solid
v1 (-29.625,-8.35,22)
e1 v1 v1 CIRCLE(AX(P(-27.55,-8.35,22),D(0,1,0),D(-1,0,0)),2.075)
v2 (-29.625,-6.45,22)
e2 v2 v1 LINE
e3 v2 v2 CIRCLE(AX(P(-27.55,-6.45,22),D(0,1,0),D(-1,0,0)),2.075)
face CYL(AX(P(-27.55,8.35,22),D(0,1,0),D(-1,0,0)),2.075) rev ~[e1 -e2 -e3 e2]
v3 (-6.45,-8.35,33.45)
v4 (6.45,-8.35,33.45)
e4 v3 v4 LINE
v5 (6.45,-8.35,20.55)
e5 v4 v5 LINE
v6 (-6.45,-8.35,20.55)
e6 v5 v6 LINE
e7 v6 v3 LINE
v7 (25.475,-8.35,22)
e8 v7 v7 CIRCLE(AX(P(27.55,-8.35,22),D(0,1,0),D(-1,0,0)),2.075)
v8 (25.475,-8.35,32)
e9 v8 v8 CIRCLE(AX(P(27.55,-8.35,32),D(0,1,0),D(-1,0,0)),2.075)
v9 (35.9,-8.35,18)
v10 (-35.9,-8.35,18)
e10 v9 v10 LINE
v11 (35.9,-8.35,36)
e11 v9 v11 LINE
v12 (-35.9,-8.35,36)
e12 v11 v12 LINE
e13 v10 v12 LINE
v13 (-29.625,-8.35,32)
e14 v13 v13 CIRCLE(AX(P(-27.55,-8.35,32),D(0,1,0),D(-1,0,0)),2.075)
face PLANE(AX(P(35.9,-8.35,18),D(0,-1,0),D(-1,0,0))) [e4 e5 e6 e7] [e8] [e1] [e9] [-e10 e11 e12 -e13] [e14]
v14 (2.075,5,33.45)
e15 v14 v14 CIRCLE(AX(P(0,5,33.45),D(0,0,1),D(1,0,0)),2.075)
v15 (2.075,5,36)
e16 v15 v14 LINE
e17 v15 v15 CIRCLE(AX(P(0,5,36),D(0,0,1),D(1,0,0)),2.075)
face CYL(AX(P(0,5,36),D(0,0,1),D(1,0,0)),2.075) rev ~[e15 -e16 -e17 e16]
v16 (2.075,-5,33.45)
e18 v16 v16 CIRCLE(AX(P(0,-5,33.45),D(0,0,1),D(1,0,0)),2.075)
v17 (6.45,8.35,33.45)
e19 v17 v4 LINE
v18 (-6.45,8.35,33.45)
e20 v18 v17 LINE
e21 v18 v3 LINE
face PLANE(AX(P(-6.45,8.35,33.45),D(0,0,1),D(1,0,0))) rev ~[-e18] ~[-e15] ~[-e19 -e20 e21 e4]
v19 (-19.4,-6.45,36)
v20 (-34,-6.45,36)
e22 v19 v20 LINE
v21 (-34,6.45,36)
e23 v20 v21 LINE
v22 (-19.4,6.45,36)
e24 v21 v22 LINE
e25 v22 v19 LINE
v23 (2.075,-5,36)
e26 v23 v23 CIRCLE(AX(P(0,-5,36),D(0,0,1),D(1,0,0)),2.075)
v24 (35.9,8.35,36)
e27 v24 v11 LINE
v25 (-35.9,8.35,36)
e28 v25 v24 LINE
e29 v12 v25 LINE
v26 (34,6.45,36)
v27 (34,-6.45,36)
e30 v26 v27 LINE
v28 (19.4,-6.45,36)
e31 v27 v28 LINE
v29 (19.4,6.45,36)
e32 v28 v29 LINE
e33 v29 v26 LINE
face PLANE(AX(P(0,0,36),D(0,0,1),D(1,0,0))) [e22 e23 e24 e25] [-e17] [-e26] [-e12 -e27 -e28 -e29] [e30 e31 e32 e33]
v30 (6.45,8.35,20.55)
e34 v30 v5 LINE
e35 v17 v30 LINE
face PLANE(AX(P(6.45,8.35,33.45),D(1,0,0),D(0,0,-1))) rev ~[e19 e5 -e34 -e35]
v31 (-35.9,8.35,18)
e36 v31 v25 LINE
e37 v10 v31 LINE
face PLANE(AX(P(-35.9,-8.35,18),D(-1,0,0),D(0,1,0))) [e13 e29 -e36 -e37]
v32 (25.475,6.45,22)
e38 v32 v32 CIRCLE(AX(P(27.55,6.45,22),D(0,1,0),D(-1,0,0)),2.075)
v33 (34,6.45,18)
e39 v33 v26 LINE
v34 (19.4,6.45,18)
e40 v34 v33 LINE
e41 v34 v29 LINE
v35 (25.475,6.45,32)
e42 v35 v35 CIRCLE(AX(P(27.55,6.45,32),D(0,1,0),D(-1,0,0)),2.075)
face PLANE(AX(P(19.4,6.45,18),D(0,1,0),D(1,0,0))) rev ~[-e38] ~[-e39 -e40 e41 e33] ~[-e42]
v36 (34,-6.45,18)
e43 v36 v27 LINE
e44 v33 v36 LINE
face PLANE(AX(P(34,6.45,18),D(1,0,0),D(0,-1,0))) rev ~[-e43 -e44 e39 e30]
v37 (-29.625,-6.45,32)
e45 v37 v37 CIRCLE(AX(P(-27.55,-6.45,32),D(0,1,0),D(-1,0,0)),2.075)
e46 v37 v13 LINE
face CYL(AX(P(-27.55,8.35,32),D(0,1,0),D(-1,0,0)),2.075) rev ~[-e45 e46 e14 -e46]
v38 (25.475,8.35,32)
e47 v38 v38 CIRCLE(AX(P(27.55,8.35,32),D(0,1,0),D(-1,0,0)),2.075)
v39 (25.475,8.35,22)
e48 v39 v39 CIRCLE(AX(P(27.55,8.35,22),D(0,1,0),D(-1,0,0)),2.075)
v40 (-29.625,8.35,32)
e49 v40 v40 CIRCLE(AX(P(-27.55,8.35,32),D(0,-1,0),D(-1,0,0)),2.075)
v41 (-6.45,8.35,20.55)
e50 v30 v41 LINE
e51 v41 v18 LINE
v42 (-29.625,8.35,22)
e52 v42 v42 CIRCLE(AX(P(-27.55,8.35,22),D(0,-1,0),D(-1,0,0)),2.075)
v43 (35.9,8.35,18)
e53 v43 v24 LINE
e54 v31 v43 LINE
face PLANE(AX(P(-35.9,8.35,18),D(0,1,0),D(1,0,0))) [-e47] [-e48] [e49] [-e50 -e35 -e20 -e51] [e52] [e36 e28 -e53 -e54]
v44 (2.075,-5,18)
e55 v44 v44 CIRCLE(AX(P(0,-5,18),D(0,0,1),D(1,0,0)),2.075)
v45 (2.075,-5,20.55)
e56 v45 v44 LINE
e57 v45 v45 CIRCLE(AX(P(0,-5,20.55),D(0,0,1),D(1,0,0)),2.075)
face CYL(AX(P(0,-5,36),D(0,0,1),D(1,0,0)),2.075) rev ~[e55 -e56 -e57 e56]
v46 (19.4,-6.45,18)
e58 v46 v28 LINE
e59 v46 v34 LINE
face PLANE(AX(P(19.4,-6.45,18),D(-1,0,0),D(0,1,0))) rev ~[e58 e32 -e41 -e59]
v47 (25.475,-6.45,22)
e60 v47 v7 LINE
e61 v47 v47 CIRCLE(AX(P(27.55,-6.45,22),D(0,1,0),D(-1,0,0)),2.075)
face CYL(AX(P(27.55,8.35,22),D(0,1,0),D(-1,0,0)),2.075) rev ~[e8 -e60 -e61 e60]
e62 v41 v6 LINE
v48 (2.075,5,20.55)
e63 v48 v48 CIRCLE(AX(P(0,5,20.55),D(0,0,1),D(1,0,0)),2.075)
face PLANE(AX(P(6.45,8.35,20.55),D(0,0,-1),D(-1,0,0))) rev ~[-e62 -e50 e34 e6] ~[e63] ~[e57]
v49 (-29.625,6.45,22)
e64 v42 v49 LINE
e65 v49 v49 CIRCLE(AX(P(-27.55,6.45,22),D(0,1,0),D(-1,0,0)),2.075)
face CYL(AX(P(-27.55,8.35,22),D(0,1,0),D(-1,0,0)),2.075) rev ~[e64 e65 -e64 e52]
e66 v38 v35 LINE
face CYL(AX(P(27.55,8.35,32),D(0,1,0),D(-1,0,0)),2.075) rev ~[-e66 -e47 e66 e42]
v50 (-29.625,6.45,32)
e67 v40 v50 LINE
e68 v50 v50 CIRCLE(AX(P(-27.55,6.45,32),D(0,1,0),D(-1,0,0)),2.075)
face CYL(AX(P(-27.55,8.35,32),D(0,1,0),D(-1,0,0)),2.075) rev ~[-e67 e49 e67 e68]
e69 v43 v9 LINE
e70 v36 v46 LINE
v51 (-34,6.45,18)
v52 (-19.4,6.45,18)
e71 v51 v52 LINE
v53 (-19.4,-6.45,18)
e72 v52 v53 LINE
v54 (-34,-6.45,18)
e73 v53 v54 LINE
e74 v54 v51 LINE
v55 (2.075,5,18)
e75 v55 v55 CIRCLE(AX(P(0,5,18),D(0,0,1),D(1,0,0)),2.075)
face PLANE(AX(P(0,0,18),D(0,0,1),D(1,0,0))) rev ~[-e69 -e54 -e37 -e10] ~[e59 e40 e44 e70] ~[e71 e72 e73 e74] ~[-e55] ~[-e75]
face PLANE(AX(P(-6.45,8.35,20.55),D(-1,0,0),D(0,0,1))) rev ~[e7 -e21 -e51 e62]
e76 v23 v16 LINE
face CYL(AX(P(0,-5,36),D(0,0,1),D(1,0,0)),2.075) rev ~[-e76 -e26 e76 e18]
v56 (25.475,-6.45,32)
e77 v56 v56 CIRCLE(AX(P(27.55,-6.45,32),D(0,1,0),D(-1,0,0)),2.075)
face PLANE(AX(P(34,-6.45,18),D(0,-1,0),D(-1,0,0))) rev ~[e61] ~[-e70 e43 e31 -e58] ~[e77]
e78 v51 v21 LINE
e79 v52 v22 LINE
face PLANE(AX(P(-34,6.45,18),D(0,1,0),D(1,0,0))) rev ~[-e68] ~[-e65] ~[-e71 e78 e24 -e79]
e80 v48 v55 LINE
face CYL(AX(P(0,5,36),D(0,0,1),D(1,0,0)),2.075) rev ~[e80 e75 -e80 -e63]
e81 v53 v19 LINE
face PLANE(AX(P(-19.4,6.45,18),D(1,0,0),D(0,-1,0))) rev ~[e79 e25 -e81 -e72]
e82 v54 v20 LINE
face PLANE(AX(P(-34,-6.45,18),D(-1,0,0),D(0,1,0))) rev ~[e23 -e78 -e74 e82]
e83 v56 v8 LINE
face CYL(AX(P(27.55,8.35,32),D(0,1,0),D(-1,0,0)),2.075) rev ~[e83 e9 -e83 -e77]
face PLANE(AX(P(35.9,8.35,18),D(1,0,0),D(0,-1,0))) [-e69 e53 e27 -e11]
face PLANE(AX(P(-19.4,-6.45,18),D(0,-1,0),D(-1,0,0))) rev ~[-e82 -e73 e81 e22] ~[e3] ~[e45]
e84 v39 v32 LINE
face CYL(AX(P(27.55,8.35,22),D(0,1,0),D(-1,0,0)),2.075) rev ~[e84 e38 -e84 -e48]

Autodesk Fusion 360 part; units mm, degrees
sketch "Sketch3" plane through (0, 0, 18) normal (0, 0, 1) x (1, 0, 0)
  line L0 (-33.9, 6.35) -> (-19.5, 6.35) construction
  line L1 (-19.5, 6.35) -> (-19.5, -6.35) construction
  line L2 (-19.5, -6.35) -> (-33.9, -6.35) construction
  line L3 (-33.9, -6.35) -> (-33.9, 6.35) construction
  line L4 (19.5, 6.35) -> (33.9, 6.35) construction
  line L5 (33.9, 6.35) -> (33.9, -6.35) construction
  line L6 (33.9, -6.35) -> (19.5, -6.35) construction
  line L7 (19.5, -6.35) -> (19.5, 6.35) construction
  line L8 (-35.9, 8.35) -> (35.9, 8.35)
  line L9 (35.9, 8.35) -> (35.9, -8.35)
  line L10 (35.9, -8.35) -> (-35.9, -8.35)
  line L11 (-35.9, -8.35) -> (-35.9, 8.35)
  line L12 (-35.9, 8.35) -> (35.9, -8.35) construction
  line L13 (34, 6.45) -> (34, -6.45)
  line L14 (34, -6.45) -> (19.4, -6.45)
  line L15 (19.4, -6.45) -> (19.4, 6.45)
  line L16 (19.4, 6.45) -> (34, 6.45)
  line L17 (-19.4, -6.45) -> (-34, -6.45)
  line L18 (-34, -6.45) -> (-34, 6.45)
  line L19 (-34, 6.45) -> (-19.4, 6.45)
  line L20 (-19.4, 6.45) -> (-19.4, -6.45)
  dimension "d5" = 14.4
  dimension "d6" = 12.7
  dimension "d7" = 14.4
  dimension "d8" = 12.7
  dimension "d9" = 39
  dimension "d12" = 2
  dimension "d13" = 2
  dimension "d15" = 2
  dimension "d16" = 2
extrude "Extrude3" add sketch "Sketch3" along normal blind 18
sketch "Sketch4" plane through (0, 8.35, 0) normal (0, 1, 0) x (-1, 0, 0)
  line L0 (-35.9, 18) -> (35.9, 18)
  line L1 (35.9, 18) -> (35.9, 36)
  line L2 (35.9, 36) -> (-35.9, 36)
  line L3 (-35.9, 36) -> (-35.9, 18)
  circle A0 centre (27.55, 22) radius 2.075
  circle A1 centre (27.55, 32) radius 2.075
  line L4 (35.9, 27) -> (-35.9, 27) construction
  line L5 (34, 18) -> (34, 36)
  line L6 (34, 36) -> (34, 18)
  line L7 (19.4, 18) -> (19.4, 36)
  line L8 (19.4, 36) -> (19.4, 18)
  line L9 (34, 18) -> (19.4, 18) construction
  line L10 (34, 36) -> (19.4, 36) construction
  line L11 (27.55, 18) -> (27.55, 36)
  line L12 (0, 18) -> (0, 36) construction
  circle A2 centre (-27.55, 22) radius 2.075
  circle A3 centre (-27.55, 32) radius 2.075
  line L13 (26.7, 18) -> (26.7, 36) construction
  point P0 (27.55, 18)
  point P1 (27.55, 36)
  dimension "d19" = 4.15
  dimension "d22" = 10
  dimension "d23" = 5
  dimension "d48" = 6.45
extrude "Extrude4" cut sketch "Sketch4" against normal blind 16.7 contours A0 L11 | A0 L11 | A1 L11 | A1 L11 | A2 | A3
sketch "Sketch5" plane through (0, 8.35, 0) normal (0, 1, 0) x (-1, 0, 0)
  circle A0 centre (27.55, 32) radius 2.075
  circle A1 centre (27.55, 22) radius 2.075
  line L0 (-35.9, 18) -> (35.9, 18)
  line L1 (35.9, 18) -> (35.9, 36)
  line L2 (35.9, 36) -> (-35.9, 36)
  line L3 (-35.9, 36) -> (-35.9, 18)
  line L4 (35.9, 27) -> (-35.9, 27) construction
  line L5 (0, 18) -> (0, 36) construction
  line L6 (-6.35, 20.65) -> (6.35, 20.65) construction
  line L7 (6.35, 20.65) -> (6.35, 33.35) construction
  line L8 (6.35, 33.35) -> (-6.35, 33.35) construction
  line L9 (-6.35, 33.35) -> (-6.35, 20.65) construction
  line L10 (-6.35, 20.65) -> (6.35, 33.35) construction
  line L11 (6.35, 20.65) -> (-6.35, 33.35) construction
  circle A2 centre (-27.55, 22) radius 2.075
  circle A3 centre (-27.55, 32) radius 2.075
  line L12 (-6.45, 33.45) -> (-6.45, 20.55)
  line L13 (-6.45, 20.55) -> (6.45, 20.55)
  line L14 (6.45, 20.55) -> (6.45, 33.45)
  line L15 (6.45, 33.45) -> (-6.45, 33.45)
  point P0 (0, 27)
  dimension "d27" = 12.7
  dimension "d28" = 12.7
  dimension "d40" = 0.1
extrude "Extrude5" cut sketch "Sketch5" against normal blind 16.7 contours L12 L13 L14 L15
sketch "Sketch6" plane through (0, 0, 36) normal (0, 0, 1) x (1, 0, 0)
  line L0 (-35.9, -8.35) -> (35.9, -8.35)
  line L1 (35.9, -8.35) -> (35.9, 8.35)
  line L2 (35.9, 8.35) -> (-35.9, 8.35)
  line L3 (-35.9, 8.35) -> (-35.9, -8.35)
  line L4 (6.45, 0) -> (-6.45, 0) construction
  circle A0 centre (0, 5) radius 2.075
  circle A1 centre (0, -5) radius 2.075
  line L5 (-34, 6.45) -> (-19.4, 6.45)
  line L6 (-19.4, 6.45) -> (-19.4, -6.45)
  line L7 (-19.4, -6.45) -> (-34, -6.45)
  line L8 (-34, -6.45) -> (-34, 6.45)
  line L9 (19.4, -6.45) -> (19.4, 6.45)
  line L10 (19.4, 6.45) -> (34, 6.45)
  line L11 (34, 6.45) -> (34, -6.45)
  line L12 (34, -6.45) -> (19.4, -6.45)
  line L13 (-6.45, 8.35) -> (6.45, 8.35)
  line L14 (6.45, 8.35) -> (6.45, -8.35)
  line L15 (6.45, -8.35) -> (-6.45, -8.35)
  line L16 (-6.45, -8.35) -> (-6.45, 8.35)
  line L17 (0, 8.35) -> (0, -8.35) construction
  dimension "d31" = 4.15
  dimension "d32" = 10
  dimension "d33" = 5
extrude "Extrude6" cut sketch "Sketch6" against normal blind 18 contours A0 | A1
equation "d5 = 12.7 mm + addl_wire_space"
equation "d7 = 12.7 mm + addl_wire_space"
equation "d19 = 4 mm + tolerance_hole"
equation "d31 = 4 mm + tolerance_hole"
equation "tolerance_bar = 0.1 mm"
equation "tolerance_hole = 0.15 mm"
equation "d38 = -tolerance_bar"
equation "d39 = -tolerance_bar"
equation "d40 = tolerance_bar"
equation "addl_wire_space = 0.9 mm + 0.8 mm"
equation "d48 = 12.7 mm / 2 + tolerance_bar"
